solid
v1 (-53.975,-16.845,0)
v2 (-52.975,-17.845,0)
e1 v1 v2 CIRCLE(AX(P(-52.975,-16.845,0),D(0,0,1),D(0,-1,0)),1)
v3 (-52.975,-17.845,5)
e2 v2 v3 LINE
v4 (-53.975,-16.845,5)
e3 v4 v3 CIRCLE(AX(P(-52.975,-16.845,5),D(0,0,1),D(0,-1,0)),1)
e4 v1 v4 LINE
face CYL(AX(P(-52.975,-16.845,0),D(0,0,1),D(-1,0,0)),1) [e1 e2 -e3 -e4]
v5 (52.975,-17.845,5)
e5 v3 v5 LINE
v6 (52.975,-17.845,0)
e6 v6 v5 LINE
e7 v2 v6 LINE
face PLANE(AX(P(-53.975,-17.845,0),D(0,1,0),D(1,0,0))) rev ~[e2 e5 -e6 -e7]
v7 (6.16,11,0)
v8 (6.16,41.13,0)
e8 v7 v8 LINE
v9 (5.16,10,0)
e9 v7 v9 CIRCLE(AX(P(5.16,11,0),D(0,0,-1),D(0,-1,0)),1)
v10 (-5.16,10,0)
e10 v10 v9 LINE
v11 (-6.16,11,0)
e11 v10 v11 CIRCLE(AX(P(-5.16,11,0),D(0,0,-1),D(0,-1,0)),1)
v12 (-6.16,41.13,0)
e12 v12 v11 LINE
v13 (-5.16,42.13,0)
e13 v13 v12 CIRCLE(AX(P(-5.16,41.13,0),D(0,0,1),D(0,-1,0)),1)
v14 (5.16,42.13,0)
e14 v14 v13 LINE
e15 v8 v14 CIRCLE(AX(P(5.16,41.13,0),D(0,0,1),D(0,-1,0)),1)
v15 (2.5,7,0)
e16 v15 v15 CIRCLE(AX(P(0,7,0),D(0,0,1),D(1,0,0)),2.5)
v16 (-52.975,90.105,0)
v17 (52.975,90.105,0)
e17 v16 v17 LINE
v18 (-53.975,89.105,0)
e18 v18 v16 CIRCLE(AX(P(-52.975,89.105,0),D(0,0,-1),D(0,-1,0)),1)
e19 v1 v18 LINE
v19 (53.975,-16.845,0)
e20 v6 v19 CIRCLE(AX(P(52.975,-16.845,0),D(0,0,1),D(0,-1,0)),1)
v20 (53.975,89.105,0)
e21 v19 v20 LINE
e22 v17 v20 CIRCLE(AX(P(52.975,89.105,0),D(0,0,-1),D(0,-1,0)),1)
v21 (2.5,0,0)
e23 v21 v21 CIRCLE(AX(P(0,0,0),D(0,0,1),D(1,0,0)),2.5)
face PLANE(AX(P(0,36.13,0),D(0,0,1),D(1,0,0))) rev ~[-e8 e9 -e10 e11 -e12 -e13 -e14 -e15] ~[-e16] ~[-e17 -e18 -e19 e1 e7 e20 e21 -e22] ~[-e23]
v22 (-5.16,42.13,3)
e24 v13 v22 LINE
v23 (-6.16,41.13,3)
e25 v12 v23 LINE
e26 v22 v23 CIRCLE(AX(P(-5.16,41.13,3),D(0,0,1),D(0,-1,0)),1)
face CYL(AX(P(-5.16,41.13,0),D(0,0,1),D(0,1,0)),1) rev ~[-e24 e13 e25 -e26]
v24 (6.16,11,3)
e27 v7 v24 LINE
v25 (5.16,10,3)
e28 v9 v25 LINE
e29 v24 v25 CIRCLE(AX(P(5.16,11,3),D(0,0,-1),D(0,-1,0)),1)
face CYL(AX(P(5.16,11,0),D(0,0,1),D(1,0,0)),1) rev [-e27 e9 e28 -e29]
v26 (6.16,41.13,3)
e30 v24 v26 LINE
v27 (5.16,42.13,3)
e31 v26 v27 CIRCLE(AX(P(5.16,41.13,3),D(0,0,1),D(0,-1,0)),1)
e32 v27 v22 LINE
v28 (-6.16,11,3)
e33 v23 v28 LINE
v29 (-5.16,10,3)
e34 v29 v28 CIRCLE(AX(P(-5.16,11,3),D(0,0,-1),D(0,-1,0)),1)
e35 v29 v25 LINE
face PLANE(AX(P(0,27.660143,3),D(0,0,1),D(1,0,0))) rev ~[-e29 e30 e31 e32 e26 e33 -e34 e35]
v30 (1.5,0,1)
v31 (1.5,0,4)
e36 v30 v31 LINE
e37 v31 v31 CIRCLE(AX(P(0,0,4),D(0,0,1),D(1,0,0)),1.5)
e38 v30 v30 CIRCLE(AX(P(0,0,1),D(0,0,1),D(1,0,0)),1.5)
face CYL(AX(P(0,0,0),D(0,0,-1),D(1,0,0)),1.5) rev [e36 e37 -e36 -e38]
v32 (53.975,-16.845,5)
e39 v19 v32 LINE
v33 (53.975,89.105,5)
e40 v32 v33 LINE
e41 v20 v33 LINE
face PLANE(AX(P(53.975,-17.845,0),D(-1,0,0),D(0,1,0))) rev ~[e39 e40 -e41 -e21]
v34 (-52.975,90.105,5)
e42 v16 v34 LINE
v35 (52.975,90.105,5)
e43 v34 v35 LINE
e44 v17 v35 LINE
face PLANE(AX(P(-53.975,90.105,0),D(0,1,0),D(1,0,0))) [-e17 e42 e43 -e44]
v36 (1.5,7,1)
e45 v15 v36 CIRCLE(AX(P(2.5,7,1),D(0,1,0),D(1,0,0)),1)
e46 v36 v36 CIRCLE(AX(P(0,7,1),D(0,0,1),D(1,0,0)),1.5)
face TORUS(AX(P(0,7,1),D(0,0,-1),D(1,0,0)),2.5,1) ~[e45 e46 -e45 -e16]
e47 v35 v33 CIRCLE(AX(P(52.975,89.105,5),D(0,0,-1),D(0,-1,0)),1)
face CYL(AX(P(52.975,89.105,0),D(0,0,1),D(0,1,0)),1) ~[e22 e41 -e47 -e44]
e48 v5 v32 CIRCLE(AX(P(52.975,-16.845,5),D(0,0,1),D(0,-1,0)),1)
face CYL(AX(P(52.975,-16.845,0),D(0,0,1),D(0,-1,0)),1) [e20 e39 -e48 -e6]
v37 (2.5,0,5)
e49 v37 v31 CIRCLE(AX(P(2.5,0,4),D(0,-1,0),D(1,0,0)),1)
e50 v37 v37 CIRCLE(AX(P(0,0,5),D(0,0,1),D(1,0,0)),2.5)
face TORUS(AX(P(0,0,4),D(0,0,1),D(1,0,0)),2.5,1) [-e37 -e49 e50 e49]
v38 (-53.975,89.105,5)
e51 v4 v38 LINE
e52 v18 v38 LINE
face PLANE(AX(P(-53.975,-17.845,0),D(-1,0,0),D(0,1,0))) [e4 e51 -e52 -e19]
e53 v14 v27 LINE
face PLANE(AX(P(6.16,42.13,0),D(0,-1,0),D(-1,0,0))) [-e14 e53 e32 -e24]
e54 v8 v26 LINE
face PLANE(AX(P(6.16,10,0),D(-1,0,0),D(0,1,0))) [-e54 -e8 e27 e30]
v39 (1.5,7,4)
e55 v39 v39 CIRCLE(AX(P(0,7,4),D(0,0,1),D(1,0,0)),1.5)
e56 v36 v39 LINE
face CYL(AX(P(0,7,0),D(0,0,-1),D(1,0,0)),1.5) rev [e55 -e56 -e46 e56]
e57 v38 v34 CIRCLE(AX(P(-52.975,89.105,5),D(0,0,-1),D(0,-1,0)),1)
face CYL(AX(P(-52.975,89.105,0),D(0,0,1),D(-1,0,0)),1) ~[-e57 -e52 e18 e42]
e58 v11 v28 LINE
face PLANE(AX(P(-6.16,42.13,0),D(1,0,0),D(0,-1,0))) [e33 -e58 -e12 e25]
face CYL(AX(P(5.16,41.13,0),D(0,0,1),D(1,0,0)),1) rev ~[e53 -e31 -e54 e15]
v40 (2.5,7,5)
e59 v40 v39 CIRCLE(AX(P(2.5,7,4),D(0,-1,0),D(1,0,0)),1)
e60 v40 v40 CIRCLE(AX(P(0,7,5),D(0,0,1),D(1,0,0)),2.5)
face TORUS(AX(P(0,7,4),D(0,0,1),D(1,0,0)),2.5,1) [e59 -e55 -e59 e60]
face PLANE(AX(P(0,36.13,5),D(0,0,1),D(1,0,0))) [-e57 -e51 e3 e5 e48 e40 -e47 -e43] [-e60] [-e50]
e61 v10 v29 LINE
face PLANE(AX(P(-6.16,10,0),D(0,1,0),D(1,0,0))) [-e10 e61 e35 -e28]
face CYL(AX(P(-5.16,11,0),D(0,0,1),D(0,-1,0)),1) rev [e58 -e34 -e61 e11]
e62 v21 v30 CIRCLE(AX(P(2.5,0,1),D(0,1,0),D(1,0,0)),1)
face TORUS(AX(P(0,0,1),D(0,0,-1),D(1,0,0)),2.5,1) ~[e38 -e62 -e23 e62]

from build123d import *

# Parameters (mm, degrees)
F0_W     = 107.95
F0_H     = 107.95
F0_W_2   = 9.32
F0_H_2   = 14.5
F0_R     = 1.5
F0_H_3   = 30.63
F1_DEPTH = 5
F2_DEPTH = 3
F3_DEPTH = 5
F4_R     = 1


with BuildPart() as f1:
    # F0 (on Top) → F1 (new body)
    with BuildSketch(Plane.XY):
        with Locations((0, 36.13)):
            Rectangle(F0_W, F0_H)
        Polygon((6.16, 42.13), (6.16, 10), (6.16, -6), (0, -6), (-6.16, -6), (-6.16, 10), (-6.16, 42.13), (0, 42.13), align=None, mode=Mode.SUBTRACT)
        Polygon((6.16, 10), (4.66, 10), (4.66, -4.5), (-4.66, -4.5), (-4.66, 10), (-6.16, 10), (-6.16, -6), (0, -6), (6.16, -6), align=None)
        with Locations((0, 2.75)):
            Rectangle(F0_W_2, F0_H_2)
        Circle(F0_R, mode=Mode.SUBTRACT)
        with Locations((0, 7)):
            Circle(F0_R, mode=Mode.SUBTRACT)
        with Locations((0, 25.315)):
            Rectangle(F0_W_2, F0_H_3)
        with Locations((0, 29.13)):
            Circle(F0_R, mode=Mode.SUBTRACT)
        with Locations((0, 36.13)):
            Circle(F0_R, mode=Mode.SUBTRACT)
        Polygon((-4.66, 40.63), (4.66, 40.63), (4.66, 10), (6.16, 10), (6.16, 42.13), (0, 42.13), (-6.16, 42.13), (-6.16, 10), (-4.66, 10), align=None)
        with Locations((0, 29.13)):
            Circle(F0_R)
        with Locations((0, 36.13)):
            Circle(F0_R)
        with Locations((0, 7)):
            Circle(F0_R)
        Circle(F0_R)
    extrude(amount=F1_DEPTH)

    # F0 (on Top) → F2 (cut)
    with BuildSketch(Plane.XY):
        Polygon((-4.66, 40.63), (4.66, 40.63), (4.66, 10), (6.16, 10), (6.16, 42.13), (0, 42.13), (-6.16, 42.13), (-6.16, 10), (-4.66, 10), align=None)
        with Locations((0, 25.315)):
            Rectangle(F0_W_2, F0_H_3)
        with Locations((0, 29.13)):
            Circle(F0_R, mode=Mode.SUBTRACT)
        with Locations((0, 36.13)):
            Circle(F0_R, mode=Mode.SUBTRACT)
        with Locations((0, 29.13)):
            Circle(F0_R)
        with Locations((0, 36.13)):
            Circle(F0_R)
    extrude(amount=F2_DEPTH, mode=Mode.SUBTRACT)

    # F0 (on Top) → F3 (cut, through all)
    with BuildSketch(Plane.XY):
        Circle(F0_R)
        with Locations((0, 7)):
            Circle(F0_R)
    extrude(amount=F3_DEPTH, mode=Mode.SUBTRACT)

    # F4
    f4_edges = [f1.edges().sort_by_distance(p)[0] for p in [
        (6.16, 42.13, 1.5),
        (6.16, 10, 1.5),
        (-53.975, 90.105, 2.5),
        (53.975, 90.105, 2.5),
        (-53.975, -17.845, 2.5),
        (-6.16, 42.13, 1.5),
        (53.975, -17.845, 2.5),
        (-6.16, 10, 1.5),
        (-1.5, 7, 0),
        (-1.5, 0, 0),
        (-1.5, 7, 5),
        (-1.5, 0, 5),
    ]]
    fillet(f4_edges, radius=F4_R)


solid = f1.part
